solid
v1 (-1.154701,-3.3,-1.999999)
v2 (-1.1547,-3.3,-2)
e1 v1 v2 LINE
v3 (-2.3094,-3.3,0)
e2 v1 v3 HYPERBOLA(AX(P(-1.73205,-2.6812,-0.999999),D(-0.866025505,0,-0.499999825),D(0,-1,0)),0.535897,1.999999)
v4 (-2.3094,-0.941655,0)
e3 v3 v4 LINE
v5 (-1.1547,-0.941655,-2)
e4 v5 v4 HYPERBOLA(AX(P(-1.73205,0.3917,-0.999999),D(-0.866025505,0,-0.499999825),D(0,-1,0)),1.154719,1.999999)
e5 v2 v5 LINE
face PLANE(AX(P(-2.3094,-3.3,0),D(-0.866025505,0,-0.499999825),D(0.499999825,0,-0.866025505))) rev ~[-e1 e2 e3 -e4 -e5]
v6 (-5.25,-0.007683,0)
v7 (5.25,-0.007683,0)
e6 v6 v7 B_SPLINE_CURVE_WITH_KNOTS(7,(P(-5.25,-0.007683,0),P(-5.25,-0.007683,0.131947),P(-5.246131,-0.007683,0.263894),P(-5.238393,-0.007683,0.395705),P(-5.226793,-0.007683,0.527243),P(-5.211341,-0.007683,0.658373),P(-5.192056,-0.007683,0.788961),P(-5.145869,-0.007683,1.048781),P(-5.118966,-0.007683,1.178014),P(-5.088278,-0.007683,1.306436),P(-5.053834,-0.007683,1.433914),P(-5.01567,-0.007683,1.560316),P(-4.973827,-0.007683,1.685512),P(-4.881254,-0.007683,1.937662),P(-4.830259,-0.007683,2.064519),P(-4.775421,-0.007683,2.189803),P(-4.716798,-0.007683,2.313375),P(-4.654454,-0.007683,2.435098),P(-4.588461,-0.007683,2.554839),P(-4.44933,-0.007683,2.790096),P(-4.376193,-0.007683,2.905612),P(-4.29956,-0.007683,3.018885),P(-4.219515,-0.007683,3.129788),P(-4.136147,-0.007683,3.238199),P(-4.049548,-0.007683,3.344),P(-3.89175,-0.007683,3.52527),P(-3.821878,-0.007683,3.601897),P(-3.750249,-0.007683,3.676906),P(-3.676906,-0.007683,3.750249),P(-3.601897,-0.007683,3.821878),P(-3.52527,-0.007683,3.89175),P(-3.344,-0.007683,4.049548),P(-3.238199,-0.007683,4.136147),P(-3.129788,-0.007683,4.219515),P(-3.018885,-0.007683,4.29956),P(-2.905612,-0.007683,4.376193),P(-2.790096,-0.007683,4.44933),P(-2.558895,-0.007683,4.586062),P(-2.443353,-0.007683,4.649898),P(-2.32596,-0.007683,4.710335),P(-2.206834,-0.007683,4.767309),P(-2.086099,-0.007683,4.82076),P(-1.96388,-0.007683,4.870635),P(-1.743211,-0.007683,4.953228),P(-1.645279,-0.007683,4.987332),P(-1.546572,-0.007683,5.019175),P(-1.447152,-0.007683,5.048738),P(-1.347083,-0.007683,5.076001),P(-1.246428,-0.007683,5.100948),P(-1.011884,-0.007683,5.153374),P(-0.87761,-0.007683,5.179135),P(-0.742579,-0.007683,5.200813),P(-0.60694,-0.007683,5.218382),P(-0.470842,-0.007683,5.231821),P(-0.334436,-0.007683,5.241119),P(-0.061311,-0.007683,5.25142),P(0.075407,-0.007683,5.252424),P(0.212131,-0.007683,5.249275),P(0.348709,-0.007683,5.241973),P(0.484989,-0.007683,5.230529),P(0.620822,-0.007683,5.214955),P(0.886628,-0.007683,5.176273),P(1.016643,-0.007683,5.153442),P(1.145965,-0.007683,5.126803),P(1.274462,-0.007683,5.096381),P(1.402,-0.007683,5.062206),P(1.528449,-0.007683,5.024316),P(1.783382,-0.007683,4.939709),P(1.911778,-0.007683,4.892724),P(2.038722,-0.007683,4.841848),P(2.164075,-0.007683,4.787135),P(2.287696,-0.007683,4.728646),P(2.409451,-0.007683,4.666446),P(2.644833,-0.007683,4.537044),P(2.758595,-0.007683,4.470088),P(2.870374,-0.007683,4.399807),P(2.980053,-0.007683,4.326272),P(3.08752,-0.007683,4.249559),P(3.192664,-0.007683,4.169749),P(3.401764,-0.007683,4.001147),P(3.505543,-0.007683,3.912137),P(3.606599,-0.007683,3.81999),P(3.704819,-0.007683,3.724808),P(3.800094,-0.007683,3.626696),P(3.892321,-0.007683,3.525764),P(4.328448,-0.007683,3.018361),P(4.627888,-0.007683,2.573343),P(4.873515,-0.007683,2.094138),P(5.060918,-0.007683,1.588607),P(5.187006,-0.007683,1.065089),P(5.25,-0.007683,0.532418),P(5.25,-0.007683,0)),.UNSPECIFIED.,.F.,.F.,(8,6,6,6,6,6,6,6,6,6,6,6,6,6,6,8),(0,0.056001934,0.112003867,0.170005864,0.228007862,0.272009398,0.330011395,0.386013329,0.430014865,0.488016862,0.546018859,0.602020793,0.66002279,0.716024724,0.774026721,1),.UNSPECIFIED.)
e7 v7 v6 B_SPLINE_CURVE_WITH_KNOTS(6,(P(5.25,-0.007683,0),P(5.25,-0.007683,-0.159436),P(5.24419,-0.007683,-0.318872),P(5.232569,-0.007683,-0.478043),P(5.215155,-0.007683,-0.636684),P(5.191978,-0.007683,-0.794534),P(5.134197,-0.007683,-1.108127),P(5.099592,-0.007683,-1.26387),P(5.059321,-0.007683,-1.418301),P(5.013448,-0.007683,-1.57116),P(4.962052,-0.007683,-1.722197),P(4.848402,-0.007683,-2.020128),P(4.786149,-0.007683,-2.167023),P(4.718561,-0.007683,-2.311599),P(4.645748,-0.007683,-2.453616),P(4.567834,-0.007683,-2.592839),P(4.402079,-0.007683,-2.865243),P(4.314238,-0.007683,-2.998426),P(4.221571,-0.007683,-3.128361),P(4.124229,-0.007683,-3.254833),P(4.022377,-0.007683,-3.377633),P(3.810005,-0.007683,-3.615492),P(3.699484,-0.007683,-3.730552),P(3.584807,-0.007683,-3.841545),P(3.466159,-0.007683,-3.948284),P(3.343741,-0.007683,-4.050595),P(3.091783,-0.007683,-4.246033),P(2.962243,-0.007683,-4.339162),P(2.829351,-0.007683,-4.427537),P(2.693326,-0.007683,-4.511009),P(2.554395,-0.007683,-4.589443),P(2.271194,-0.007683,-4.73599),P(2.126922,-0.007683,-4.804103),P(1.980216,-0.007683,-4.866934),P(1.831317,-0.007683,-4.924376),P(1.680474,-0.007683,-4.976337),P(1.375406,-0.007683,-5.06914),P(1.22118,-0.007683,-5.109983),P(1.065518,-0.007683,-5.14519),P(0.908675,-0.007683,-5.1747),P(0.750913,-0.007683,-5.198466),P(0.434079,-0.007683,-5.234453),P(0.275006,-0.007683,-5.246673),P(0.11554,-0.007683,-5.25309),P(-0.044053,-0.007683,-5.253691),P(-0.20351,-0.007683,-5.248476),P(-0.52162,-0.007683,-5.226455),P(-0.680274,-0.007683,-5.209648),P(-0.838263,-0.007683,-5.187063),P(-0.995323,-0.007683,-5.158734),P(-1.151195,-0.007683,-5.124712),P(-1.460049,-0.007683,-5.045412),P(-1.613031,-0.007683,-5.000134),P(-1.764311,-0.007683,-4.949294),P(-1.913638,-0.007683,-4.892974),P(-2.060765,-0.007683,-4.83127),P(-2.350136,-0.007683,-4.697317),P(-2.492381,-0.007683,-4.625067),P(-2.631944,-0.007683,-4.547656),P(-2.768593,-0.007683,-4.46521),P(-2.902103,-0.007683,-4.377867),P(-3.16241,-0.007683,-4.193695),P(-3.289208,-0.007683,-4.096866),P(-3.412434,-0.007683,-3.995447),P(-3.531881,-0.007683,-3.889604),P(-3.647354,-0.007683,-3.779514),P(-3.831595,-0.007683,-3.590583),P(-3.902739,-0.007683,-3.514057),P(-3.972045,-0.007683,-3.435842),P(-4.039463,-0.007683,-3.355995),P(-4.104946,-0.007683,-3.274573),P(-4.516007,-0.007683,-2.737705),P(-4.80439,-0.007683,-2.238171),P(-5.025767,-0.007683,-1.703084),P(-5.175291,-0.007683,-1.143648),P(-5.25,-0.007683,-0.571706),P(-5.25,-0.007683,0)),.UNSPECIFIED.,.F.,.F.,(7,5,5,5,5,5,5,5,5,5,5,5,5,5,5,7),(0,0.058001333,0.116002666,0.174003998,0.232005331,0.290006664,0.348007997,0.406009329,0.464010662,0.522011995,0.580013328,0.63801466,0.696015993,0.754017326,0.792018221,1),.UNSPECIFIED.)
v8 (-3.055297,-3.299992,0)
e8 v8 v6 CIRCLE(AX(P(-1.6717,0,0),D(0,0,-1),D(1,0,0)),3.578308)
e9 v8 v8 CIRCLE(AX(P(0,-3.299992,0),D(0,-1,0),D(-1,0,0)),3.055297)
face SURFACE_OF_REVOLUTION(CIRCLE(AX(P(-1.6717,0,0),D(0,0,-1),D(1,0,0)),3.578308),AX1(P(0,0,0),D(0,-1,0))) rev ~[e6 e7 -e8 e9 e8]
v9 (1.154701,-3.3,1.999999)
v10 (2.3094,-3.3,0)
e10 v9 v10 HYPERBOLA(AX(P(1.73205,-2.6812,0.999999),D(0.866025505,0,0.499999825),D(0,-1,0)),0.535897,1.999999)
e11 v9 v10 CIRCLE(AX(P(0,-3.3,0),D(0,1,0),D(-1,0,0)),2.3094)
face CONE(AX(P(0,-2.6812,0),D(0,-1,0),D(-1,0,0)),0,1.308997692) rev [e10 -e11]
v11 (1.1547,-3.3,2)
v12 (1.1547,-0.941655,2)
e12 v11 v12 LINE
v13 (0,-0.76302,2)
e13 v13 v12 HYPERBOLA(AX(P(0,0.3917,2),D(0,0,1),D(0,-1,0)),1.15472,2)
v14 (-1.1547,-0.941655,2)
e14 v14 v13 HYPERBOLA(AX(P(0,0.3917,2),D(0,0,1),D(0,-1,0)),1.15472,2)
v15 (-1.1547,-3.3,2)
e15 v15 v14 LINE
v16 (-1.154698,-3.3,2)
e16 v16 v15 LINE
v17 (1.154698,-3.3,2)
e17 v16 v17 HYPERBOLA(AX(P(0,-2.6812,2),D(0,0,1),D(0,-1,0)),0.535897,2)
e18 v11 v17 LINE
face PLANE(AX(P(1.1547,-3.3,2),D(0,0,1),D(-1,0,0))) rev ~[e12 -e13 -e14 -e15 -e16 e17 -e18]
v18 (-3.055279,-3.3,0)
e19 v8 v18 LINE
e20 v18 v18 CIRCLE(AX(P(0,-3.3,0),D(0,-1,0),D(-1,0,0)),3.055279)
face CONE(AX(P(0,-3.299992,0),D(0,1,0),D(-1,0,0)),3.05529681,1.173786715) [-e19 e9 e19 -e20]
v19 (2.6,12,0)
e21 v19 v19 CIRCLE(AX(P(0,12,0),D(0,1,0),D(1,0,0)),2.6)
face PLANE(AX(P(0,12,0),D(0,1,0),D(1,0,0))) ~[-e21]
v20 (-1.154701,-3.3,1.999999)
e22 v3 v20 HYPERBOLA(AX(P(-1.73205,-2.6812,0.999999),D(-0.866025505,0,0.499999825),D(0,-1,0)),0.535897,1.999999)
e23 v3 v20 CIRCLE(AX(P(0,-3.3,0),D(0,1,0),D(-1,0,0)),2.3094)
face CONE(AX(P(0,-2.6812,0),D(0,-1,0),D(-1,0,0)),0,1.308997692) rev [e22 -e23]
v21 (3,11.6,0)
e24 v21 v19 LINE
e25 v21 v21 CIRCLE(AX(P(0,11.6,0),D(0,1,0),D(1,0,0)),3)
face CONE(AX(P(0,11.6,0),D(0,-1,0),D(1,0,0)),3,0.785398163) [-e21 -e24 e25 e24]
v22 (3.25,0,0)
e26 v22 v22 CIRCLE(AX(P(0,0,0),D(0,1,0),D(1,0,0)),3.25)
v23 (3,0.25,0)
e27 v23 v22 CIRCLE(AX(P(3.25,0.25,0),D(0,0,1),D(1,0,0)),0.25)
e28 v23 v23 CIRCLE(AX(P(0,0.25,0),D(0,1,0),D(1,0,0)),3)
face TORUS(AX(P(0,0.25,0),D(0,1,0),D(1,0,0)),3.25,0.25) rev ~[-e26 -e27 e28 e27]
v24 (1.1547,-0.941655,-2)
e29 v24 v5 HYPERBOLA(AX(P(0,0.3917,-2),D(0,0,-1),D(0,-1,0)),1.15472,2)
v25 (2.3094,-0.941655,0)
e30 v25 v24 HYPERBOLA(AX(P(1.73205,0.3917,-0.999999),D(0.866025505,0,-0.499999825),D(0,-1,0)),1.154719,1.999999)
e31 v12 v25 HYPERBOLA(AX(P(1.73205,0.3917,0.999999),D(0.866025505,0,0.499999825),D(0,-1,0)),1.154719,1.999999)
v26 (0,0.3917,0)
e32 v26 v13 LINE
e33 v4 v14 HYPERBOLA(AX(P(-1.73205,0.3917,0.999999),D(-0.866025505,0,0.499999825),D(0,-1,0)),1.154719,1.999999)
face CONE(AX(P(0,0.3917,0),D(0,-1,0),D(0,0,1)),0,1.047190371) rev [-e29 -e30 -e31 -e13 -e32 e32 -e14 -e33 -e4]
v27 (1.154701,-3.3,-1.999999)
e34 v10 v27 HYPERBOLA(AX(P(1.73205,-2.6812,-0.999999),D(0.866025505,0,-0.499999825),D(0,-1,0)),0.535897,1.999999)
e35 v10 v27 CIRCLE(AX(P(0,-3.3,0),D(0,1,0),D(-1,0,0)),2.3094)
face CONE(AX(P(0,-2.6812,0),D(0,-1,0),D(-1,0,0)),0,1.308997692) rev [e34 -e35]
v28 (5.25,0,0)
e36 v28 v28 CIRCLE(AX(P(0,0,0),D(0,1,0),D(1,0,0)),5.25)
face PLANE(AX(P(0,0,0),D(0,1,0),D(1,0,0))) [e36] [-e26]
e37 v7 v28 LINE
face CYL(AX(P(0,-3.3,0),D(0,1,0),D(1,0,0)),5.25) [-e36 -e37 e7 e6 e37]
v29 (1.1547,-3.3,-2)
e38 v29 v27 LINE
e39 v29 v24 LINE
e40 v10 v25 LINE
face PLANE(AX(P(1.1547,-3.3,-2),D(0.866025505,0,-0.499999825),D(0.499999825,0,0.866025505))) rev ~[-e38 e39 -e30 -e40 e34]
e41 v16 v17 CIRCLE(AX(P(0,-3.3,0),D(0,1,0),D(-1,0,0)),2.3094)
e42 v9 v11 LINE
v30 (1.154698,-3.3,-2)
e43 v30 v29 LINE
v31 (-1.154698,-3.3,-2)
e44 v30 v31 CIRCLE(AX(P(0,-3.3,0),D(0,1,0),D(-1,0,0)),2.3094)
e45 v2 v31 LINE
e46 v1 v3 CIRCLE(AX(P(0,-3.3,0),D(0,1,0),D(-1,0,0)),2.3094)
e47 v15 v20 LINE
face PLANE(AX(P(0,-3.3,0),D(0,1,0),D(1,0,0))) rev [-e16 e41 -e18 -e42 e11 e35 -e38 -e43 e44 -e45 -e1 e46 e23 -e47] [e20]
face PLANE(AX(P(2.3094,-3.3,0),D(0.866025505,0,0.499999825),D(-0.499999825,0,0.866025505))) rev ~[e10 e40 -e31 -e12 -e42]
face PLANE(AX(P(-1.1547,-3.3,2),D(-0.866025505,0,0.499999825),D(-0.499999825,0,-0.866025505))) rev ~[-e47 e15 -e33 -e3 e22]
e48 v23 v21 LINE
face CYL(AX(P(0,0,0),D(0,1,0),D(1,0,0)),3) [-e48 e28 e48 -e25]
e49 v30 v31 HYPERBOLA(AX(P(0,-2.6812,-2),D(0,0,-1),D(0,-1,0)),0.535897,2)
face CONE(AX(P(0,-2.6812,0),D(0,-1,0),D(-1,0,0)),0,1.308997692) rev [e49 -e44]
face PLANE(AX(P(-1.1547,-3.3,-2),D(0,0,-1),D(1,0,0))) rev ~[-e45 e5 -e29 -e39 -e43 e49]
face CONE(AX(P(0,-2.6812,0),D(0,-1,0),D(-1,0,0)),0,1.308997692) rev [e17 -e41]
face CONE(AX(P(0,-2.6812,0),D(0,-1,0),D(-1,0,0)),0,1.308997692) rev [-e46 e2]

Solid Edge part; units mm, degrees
sketch "Sketch1" plane through (0, 0, 0) normal (0, 0, 1) x (1, 0, 0)
  line L0 (3, 0) -> (3, 12)
  line L1 (0, 12) -> (3, 12)
  line L2 (0, 0) -> (0, 12)
  line L3 (0, 0) -> (0, -3.3)
  line L4 (0, -3.3) -> (5.25, -3.3)
  line L5 (5.25, -3.3) -> (5.25, 0)
  line L6 (5.25, 0) -> (3, 0)
revolve "RevolvedProtrusion1" add sketch "Sketch1" angle 360 about axis through (0, 0, 0) along (0, 1, 0)
sketch "Sketch2" plane through (0, 0, 0) normal (1, 0, 0) x (0, 1, 0)
  line L0 (-3.3, 2.7915) -> (-1.22, 2.7915)
  line L1 (0.3917, 0) -> (-1.22, 2.7915)
  line L2 (-3.3, 0) -> (0.3917, 0)
  line L3 (-3.3, 0) -> (-3.3, 2.7915)
revolve "RevolvedCutout1" cut sketch "Sketch2" angle 360 about axis through (0, -4.5, 0) along (0, 1, 0)
sketch "Sketch3" plane through (0, -3.3, 0) normal (0, -1, 0) x (0, 0, 1)
  circle A0 centre (0, 0) radius 2.7915
  line L0 (-2, -1.1547) -> (0, -2.3094)
  line L1 (0, -2.3094) -> (2, -1.1547)
  line L2 (2, -1.1547) -> (2, 1.1547)
  line L3 (2, 1.1547) -> (0, 2.3094)
  line L4 (0, 2.3094) -> (-2, 1.1547)
  line L5 (-2, 1.1547) -> (-2, -1.1547)
  dimension "D1" = 4
extrude "Protrusion1" add sketch "Sketch3" against normal up to next
sketch "Sketch4" plane through (0, 0, 0) normal (0, 0, 1) x (1, 0, 0)
  line L0 (-2.3094, -3.3) -> (0, -3.3)
  line L1 (0, -3.3) -> (0, -2.6812)
  line L2 (0, -2.6812) -> (-2.3094, -3.3)
revolve "RevolvedCutout2" cut sketch "Sketch4" angle 360 about axis through (0, -4.5, 0) along (0, 1, 0)
fillet "Round1" radius 0.25 1 edges at (0, 0, -3)
chamfer "倒斜角_2" distance 0.4 angle 45 1 edges at (0, 12, -3)
cosmetic_thread "螺纹_3" size "M6" thread depth 10
sketch "Sketch5" plane through (0, 0, 0) normal (0, 0, 1) x (1, 0, 0)
  arc A0 (-3.0553, -3.3) -> (-5.25, 0) centre (-1.6717, 0) cw
revolve "RevolvedCutout3" cut sketch "Sketch5" angle 360 about axis through (0, 0, 0) along (0, -1, 0) material side at (-4.6929, -2.0093, 0)
